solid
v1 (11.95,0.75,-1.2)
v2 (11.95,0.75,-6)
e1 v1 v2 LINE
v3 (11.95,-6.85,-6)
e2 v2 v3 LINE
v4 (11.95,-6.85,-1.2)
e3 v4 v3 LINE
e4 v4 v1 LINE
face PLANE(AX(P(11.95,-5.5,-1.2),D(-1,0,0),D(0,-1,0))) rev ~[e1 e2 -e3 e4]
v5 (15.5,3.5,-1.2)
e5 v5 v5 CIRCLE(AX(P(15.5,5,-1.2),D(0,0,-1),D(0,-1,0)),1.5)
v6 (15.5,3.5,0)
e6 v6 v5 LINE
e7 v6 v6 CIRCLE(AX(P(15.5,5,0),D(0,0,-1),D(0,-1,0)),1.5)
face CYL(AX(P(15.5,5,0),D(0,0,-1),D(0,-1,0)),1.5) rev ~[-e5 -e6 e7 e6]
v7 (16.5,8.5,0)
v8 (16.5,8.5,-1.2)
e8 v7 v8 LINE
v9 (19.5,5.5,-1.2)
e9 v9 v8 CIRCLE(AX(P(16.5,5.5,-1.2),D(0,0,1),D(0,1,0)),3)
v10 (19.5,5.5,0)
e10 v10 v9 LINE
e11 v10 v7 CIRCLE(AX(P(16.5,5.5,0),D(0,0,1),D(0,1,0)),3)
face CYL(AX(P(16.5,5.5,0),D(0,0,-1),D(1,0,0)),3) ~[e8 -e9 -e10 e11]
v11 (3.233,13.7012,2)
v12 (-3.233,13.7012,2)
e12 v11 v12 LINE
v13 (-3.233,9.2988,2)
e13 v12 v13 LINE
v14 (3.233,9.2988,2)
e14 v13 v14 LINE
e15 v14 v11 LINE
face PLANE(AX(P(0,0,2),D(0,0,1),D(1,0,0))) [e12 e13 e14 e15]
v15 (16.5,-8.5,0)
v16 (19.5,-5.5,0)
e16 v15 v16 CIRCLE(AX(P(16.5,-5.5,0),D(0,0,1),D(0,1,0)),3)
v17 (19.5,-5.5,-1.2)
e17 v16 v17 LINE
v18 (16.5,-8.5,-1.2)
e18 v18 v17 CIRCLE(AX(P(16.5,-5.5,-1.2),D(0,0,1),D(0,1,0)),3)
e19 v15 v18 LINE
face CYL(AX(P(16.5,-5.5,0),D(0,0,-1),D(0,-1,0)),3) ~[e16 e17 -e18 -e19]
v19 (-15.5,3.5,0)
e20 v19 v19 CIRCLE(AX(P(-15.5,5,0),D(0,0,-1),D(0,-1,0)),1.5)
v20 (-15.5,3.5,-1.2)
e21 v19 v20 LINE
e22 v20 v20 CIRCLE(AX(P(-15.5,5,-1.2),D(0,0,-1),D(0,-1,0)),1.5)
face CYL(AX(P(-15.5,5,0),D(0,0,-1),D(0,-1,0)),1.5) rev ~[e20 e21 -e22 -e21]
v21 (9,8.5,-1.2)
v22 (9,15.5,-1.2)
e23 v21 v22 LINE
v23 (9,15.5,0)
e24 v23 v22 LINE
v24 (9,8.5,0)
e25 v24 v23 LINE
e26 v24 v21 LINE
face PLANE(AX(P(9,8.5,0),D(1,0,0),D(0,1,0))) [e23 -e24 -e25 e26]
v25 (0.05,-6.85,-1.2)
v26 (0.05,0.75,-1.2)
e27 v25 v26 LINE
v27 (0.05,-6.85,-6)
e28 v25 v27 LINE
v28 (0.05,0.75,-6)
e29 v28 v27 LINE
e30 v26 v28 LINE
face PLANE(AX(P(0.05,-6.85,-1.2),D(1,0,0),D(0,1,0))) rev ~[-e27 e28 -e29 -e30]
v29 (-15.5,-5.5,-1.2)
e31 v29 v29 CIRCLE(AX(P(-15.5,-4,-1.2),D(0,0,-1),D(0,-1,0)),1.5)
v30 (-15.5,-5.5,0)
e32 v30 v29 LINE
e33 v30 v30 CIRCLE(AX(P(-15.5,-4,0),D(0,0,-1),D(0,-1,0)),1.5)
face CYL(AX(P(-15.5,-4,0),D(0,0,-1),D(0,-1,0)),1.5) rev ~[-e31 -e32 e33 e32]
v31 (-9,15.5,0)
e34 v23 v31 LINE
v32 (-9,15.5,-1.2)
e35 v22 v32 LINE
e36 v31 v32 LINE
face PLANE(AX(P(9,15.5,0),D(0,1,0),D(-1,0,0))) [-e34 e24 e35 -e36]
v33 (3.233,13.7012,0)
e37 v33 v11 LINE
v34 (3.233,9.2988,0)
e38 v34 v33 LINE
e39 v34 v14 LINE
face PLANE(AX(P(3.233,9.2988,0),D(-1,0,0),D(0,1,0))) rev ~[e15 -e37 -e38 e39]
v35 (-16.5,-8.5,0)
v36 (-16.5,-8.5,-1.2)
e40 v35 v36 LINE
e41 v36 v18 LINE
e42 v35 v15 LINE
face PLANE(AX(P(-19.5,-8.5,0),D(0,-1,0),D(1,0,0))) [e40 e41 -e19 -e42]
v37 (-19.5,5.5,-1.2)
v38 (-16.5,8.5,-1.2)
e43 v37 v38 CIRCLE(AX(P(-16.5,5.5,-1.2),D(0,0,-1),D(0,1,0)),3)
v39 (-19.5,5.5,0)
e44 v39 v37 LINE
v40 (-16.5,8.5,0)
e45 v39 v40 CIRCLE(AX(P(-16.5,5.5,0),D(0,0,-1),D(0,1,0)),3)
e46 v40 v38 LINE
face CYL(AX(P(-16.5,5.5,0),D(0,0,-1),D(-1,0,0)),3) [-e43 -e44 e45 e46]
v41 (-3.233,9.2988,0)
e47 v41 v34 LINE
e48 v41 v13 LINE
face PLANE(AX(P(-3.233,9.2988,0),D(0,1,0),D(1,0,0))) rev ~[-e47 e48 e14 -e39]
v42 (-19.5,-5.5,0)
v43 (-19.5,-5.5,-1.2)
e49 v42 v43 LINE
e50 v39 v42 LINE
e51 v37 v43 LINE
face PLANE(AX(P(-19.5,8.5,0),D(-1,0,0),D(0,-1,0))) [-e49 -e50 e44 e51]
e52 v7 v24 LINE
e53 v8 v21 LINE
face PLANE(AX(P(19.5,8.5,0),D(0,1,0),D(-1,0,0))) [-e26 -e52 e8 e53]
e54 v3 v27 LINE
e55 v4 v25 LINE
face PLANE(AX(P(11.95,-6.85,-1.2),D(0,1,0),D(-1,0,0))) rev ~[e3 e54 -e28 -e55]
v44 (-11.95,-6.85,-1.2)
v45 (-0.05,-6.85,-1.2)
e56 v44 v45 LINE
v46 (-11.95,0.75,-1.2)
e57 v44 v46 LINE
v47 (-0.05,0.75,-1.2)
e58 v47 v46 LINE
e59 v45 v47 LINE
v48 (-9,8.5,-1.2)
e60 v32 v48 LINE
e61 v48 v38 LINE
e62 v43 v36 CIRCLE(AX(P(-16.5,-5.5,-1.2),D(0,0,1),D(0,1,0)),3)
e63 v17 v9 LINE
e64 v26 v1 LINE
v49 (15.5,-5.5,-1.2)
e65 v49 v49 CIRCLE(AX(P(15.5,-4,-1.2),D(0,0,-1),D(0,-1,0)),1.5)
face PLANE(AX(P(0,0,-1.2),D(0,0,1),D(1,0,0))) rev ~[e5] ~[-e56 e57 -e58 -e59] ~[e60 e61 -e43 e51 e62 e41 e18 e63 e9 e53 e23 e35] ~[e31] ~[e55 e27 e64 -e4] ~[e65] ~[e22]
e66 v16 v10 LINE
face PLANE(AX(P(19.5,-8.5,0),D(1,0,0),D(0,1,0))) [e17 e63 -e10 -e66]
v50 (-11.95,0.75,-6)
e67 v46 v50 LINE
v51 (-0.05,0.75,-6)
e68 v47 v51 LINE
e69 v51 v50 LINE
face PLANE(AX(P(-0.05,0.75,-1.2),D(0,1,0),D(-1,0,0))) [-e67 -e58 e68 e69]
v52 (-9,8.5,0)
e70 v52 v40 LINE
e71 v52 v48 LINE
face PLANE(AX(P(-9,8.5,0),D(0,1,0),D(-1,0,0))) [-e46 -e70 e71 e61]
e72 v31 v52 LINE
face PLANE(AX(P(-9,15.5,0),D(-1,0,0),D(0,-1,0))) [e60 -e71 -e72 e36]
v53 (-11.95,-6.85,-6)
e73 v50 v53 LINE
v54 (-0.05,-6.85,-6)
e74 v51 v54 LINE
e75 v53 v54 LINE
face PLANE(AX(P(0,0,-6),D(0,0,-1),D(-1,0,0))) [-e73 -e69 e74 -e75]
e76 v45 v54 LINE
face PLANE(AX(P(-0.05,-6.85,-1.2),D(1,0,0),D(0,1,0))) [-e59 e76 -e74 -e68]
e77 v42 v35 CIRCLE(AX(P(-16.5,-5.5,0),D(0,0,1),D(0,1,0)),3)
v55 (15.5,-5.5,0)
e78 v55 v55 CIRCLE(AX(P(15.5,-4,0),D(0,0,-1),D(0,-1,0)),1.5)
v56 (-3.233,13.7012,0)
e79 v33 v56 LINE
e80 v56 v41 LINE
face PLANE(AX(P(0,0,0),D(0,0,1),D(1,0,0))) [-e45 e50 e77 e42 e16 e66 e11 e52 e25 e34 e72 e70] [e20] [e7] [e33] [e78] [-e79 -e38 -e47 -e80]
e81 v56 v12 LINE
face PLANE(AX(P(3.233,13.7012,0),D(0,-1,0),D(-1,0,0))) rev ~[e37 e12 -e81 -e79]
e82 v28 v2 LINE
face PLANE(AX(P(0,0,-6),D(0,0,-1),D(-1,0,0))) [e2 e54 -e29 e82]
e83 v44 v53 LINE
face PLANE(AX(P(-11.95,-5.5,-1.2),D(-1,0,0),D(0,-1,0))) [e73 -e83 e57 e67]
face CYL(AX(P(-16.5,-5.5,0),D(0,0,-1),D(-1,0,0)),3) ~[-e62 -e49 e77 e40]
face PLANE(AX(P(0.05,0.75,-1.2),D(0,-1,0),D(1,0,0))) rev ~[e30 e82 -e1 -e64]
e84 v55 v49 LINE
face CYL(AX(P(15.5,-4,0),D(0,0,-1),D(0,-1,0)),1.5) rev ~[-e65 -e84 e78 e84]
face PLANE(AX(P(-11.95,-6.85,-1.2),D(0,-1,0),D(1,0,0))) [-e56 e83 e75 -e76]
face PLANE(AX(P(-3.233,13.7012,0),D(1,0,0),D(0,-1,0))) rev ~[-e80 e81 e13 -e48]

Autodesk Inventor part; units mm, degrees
ref_plane "YZ Plane" through (0, 0, 0) normal (1, 0, 0) x (0, 1, 0)
ref_plane "XZ Plane" through (0, 0, 0) normal (0, 1, 0) x (-1, 0, 0)
ref_plane "XY Plane" through (0, 0, 0) normal (0, 0, 1) x (1, 0, 0)
sketch "Skizze1" plane through (0, 0, 0) normal (0, 0, 1) x (1, 0, 0)
  line L0 (-19.5, -8.5) -> (19.5, -8.5)
  line L1 (19.5, -8.5) -> (19.5, 8.5)
  line L2 (19.5, 8.5) -> (-19.5, 8.5)
  line L3 (-19.5, 8.5) -> (-19.5, -8.5)
  line L4 (-19.5, -8.5) -> (19.5, 8.5) construction
  line L5 (19.5, -8.5) -> (-19.5, 8.5) construction
  line L6 (-9, 8.5) -> (9, 8.5)
  line L7 (9, 8.5) -> (9, 15.5)
  line L8 (9, 15.5) -> (-9, 15.5)
  line L9 (-9, 15.5) -> (-9, 8.5)
  line L10 (0, 15.5) -> (0, 0) construction
  line L11 (-15.5, -4) -> (15.5, -4) construction
  line L12 (15.5, -4) -> (15.5, 5) construction
  line L13 (15.5, 5) -> (-15.5, 5) construction
  line L14 (-15.5, 5) -> (-15.5, -4) construction
  line L15 (-3.233, 9.2988) -> (3.233, 9.2988)
  line L16 (3.233, 9.2988) -> (3.233, 13.7012)
  line L17 (3.233, 13.7012) -> (-3.233, 13.7012)
  line L18 (-3.233, 13.7012) -> (-3.233, 9.2988)
  line L19 (-3.233, 9.2988) -> (3.233, 13.7012) construction
  line L20 (3.233, 9.2988) -> (-3.233, 13.7012) construction
  line L21 (-15.5, -4) -> (15.5, -4)
  point P0 (0, 11.5)
  point P1 (0, -4)
  point P2 (0, 11.5)
  dimension "d0" = 39
  dimension "d2" = 24
  dimension "d3" = 7
  dimension "d5" = 20
  dimension "d8" = 4.5
  dimension "d9" = 13.5
  dimension "d23" = 31
  dimension "d24" = 15.5
  dimension "d25" = 9
  dimension "d37" = 31
extrude "Extrusion1" add sketch "Skizze1" against normal blind 1.2 contours L3 L2 L1 L0 | L9 L8 L7 L2 | L18 L17 L16 L15
hole "Bohrung1" at (-15.5, 5, 0) at (-15.5, -4, 0) at (15.5, -4, 0) at (15.5, 5, 0) direction (0, 0, -1) diameter 3 end through all
extrude "Extrusion2" add sketch "Skizze1" along normal blind 2 contours L18 L17 L16 L15
sketch "Skizze2" plane through (0, 0, -1.2) normal (0, 0, -1) x (-1, 0, 0)
  circle A0 centre (-16.171, -4.461) radius 1.6729
  circle A1 centre (16.171, 5.5762) radius 1.6729
  circle A2 centre (16.171, -4.461) radius 1.6729
  circle A3 centre (-16.171, 5.5762) radius 1.6729
  line L0 (9, 8.5) -> (9, 15.5)
  line L1 (9, 15.5) -> (-9, 15.5)
  line L2 (-9, 15.5) -> (-9, 8.5)
  line L3 (-9, 8.5) -> (-19, 8.5)
  line L4 (-19, 8.5) -> (-19, -8.5)
  line L5 (-19, -8.5) -> (19, -8.5)
  line L6 (19, -8.5) -> (19, 8.5)
  line L7 (19, 8.5) -> (9, 8.5)
  line L8 (-11.95, -4.15) -> (-0.05, -4.15)
  line L9 (-0.05, -4.15) -> (-0.05, -11.75)
  line L10 (-0.05, -11.75) -> (-11.95, -11.75)
  line L11 (-11.95, -11.75) -> (-11.95, -4.15)
  line L12 (0.05, -4.15) -> (11.95, -4.15)
  line L13 (11.95, -4.15) -> (11.95, -11.75)
  line L14 (11.95, -11.75) -> (0.05, -11.75)
  line L15 (0.05, -11.75) -> (0.05, -4.15)
  line L16 (0, -0.9796) -> (0, 15.5) construction
  line L17 (-3.233, 9.2988) -> (-3.233, 13.7012)
  line L18 (-3.233, 13.7012) -> (3.233, 13.7012)
  line L19 (3.233, 13.7012) -> (3.233, 9.2988)
  line L20 (3.233, 9.2988) -> (-3.233, 9.2988)
  circle A4 centre (14.5, -4) radius 1.5
  circle A5 centre (-14.5, 5) radius 1.5
  circle A6 centre (-14.5, -4) radius 1.5
  circle A7 centre (14.5, 5) radius 1.5
  line L21 (9, 8.5) -> (9, 15.5)
  line L22 (9, 15.5) -> (-9, 15.5)
  line L23 (-9, 15.5) -> (-9, 8.5)
  line L24 (-9, 8.5) -> (-19, 8.5)
  line L25 (-19, 8.5) -> (-19, -8.5)
  line L26 (-19, -8.5) -> (19, -8.5)
  line L27 (19, -8.5) -> (19, 8.5)
  line L28 (19, 8.5) -> (9, 8.5)
  line L29 (9, 8.5) -> (9, 15.5)
  line L30 (-9, 15.5) -> (-9, 8.5)
  line L31 (-12.6037, -5.5) -> (13.7273, -5.5)
  line L32 (-19, -8.5) -> (19, -8.5)
  dimension "d26" = 11.9
  dimension "d27" = 0.1
  dimension "d28" = 7.6
  dimension "d29" = 3
  dimension "d30" = 6.25
extrude "Extrusion3" [suppressed]
sketch "Skizze3" plane through (0, 0, -1.2) normal (0, 0, -1) x (-1, 0, 0)
  line L0 (12.6037, -5.5) -> (-13.7273, -5.5)
  line L1 (-11.95, -6.85) -> (-0.05, -6.85)
  line L2 (-0.05, -6.85) -> (-0.05, 0.75)
  line L3 (-0.05, 0.75) -> (-11.95, 0.75)
  line L4 (-11.95, 0.75) -> (-11.95, -6.85)
  line L5 (0.05, 0.75) -> (11.95, 0.75)
  line L6 (11.95, 0.75) -> (11.95, -6.85)
  line L7 (11.95, -6.85) -> (0.05, -6.85)
  line L8 (0.05, -6.85) -> (0.05, 0.75)
  line L9 (0, 0) -> (0, 11.5)
  dimension "d31" = 11.9
  dimension "d32" = 7.6
  dimension "d33" = 6.25
  dimension "d34" = 0.1
extrude "Extrusion4" add sketch "Skizze3" along normal blind 4.8
fillet "Rundung1" radius 3 4 edges at (-19.5, -8.5, -0.6) (-19.5, 8.5, -0.6) (19.5, -8.5, -0.6) (19.5, 8.5, -0.6)
equation "\"d24\" = 0.5 * d23"
equation "\"d37\" = d23"
equation "\"d31\" = d26"
equation "\"d32\" = d28"
equation "\"d33\" = d30"
equation "\"d34\" = d27"
properties part number "encoderR1_mini"
